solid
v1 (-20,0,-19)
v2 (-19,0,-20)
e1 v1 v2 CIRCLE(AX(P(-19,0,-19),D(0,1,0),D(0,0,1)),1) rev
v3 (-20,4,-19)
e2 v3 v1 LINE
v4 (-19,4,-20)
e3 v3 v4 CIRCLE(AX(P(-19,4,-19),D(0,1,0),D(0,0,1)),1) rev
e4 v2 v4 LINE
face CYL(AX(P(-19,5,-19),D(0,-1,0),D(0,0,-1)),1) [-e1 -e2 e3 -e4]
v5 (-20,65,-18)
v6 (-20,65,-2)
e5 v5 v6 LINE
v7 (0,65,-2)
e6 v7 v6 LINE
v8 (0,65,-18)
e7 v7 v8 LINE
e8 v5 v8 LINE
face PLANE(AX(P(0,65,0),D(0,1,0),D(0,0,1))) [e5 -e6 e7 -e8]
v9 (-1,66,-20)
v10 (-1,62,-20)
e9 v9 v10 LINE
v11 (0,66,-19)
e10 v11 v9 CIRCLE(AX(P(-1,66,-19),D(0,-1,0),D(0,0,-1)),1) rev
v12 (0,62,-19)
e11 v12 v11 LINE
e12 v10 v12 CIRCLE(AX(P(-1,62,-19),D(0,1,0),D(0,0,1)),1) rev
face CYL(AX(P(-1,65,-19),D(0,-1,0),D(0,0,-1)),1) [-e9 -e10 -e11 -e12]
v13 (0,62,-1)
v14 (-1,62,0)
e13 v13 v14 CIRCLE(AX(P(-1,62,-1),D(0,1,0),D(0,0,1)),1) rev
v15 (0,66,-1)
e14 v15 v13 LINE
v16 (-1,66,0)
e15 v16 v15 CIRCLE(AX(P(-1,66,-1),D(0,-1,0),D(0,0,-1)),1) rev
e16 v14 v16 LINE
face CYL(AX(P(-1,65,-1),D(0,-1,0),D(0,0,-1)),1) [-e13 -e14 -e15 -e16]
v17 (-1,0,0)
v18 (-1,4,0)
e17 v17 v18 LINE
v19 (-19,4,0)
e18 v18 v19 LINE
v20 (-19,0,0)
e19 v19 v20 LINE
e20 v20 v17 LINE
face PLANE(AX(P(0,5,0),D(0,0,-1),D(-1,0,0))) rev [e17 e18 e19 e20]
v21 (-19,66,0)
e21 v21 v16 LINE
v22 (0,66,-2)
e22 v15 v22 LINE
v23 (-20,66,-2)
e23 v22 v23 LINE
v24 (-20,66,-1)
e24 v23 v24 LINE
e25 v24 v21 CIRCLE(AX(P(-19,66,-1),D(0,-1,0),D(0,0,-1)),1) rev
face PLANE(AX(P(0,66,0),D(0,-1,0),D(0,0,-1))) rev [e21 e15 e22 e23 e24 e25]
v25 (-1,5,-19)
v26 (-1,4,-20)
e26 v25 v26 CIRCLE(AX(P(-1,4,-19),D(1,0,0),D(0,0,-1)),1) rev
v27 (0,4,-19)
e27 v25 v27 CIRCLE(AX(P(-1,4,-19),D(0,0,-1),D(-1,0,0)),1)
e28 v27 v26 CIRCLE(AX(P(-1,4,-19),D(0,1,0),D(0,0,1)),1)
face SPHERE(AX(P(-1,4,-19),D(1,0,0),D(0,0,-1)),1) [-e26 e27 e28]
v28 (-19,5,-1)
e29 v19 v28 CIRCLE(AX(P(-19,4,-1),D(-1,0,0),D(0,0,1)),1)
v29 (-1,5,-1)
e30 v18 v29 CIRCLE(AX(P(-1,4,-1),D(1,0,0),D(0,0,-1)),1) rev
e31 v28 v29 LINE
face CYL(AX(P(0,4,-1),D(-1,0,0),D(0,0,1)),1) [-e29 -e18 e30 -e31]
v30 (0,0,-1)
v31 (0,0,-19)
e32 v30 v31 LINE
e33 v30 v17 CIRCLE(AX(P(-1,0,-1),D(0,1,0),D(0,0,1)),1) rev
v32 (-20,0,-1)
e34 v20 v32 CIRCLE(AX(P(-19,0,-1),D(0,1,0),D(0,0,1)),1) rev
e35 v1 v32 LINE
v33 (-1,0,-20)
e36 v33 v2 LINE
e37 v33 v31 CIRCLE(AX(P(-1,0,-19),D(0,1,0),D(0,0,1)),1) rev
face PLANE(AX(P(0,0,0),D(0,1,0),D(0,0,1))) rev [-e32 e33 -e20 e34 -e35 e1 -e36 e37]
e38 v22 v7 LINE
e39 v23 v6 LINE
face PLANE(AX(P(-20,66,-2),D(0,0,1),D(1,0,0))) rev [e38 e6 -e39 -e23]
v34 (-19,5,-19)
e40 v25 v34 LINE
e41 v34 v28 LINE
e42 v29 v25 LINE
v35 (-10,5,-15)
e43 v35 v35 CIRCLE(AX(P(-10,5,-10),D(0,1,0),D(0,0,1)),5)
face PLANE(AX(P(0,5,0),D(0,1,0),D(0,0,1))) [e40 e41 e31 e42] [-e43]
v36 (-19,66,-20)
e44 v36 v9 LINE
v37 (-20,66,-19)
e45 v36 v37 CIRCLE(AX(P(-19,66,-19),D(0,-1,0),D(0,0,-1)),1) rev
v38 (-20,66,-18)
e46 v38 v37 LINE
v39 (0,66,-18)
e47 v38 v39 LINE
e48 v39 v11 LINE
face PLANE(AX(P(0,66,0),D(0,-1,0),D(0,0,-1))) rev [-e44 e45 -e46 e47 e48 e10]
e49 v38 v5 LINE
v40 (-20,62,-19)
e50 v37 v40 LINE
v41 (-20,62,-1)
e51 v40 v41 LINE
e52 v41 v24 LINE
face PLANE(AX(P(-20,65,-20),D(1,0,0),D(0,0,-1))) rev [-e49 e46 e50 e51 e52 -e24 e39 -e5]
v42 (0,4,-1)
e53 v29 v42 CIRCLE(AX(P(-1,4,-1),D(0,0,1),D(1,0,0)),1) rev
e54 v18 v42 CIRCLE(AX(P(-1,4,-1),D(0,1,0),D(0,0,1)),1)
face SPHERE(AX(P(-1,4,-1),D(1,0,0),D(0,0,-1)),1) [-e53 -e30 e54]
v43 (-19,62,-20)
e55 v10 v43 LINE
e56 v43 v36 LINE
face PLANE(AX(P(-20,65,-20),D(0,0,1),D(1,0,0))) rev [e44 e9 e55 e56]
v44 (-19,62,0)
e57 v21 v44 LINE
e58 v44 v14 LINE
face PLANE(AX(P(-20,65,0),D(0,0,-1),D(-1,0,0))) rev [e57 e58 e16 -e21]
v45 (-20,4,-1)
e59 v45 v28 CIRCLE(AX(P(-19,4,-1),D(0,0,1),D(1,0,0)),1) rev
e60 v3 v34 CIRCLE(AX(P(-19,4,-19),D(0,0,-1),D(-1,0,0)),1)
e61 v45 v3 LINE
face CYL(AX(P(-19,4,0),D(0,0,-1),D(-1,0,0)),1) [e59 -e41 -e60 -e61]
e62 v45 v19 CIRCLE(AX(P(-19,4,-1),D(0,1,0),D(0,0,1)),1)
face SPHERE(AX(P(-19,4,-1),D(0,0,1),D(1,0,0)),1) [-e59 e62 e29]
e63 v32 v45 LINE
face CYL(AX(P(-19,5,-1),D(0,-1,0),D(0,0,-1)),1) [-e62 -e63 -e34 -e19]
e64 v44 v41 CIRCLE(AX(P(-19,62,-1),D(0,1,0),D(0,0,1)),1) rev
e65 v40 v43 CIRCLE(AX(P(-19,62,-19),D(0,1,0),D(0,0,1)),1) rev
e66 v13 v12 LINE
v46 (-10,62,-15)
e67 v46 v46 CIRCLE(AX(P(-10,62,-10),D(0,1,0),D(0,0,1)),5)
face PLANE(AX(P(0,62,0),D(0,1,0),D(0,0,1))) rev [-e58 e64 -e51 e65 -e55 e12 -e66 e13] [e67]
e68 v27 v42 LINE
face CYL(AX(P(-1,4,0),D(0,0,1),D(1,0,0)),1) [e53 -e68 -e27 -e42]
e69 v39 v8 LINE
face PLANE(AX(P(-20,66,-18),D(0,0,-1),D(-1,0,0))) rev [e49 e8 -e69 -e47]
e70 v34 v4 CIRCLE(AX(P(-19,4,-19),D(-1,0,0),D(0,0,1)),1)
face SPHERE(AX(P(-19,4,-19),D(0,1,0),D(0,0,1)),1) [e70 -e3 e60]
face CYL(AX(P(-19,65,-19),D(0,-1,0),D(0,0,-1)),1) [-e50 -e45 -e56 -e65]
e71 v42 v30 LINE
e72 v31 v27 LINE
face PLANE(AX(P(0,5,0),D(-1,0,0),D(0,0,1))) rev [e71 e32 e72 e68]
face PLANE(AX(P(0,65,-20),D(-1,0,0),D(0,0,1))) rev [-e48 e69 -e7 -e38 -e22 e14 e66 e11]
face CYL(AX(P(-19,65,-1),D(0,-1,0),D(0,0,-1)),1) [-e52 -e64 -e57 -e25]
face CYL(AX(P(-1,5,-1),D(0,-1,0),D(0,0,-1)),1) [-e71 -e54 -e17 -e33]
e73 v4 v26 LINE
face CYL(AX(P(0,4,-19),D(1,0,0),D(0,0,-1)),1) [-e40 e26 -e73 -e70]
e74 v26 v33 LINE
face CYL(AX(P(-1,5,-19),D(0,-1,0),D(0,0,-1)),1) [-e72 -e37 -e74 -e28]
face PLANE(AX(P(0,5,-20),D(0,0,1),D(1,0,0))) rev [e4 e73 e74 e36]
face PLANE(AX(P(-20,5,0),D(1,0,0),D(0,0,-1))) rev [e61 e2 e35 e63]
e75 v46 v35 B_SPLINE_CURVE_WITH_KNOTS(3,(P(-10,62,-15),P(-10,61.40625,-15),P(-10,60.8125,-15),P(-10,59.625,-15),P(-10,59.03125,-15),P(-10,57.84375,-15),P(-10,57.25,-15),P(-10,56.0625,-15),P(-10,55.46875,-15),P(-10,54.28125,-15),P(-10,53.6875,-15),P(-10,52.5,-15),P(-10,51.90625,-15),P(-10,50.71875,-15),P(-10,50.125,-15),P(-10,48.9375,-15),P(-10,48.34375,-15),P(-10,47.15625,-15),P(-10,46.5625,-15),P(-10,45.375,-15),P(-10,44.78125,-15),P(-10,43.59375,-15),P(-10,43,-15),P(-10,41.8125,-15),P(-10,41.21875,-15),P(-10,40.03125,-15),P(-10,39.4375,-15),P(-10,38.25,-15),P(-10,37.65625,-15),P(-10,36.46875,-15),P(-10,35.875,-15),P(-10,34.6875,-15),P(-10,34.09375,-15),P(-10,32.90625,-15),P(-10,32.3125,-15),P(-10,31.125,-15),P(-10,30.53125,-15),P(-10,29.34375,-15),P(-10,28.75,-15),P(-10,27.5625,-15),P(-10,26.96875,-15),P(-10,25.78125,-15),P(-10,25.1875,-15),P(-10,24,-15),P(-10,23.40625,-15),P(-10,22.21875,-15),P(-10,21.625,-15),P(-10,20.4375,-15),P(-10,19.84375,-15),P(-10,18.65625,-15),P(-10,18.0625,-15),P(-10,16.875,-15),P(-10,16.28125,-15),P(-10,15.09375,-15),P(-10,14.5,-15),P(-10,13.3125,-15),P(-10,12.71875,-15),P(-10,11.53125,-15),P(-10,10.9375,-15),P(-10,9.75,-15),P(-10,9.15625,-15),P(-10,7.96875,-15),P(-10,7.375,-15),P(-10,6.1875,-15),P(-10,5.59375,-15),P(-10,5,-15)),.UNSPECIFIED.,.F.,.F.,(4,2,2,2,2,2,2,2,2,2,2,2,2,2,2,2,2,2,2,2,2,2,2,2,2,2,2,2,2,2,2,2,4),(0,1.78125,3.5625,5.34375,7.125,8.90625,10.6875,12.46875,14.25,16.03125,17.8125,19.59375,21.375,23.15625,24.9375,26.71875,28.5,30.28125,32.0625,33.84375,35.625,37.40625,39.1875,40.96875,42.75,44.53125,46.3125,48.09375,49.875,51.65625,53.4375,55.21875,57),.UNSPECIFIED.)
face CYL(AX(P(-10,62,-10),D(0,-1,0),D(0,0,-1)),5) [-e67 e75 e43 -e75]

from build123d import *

# Parameters (mm, degrees)
SKETCH_1_W      = 20
SKETCH_1_H      = 20
EXTRUDE_1_DEPTH = 5
SKETCH_2_R      = 5
EXTRUDE_2_DEPTH = 57
SKETCH_4_W      = 20
SKETCH_4_H      = 20
EXTRUDE_3_DEPTH = 3
SKETCH_5_W      = 20
SKETCH_5_H      = 2
EXTRUDE_4_DEPTH = 1
SKETCH_6_W      = 20
SKETCH_6_H      = 2
EXTRUDE_5_DEPTH = 1
FILLET_1_R      = 1
FILLET_2_R      = 1
FILLET_3_R      = 1


with BuildPart() as part:
    # 草图1 → 凸台-拉伸1 (new body)
    with BuildSketch(Plane(origin=(0, 0, 0), x_dir=(1, 0, 0), z_dir=(0, 1, 0))):
        with Locations((-10, 10)):
            Rectangle(SKETCH_1_W, SKETCH_1_H)
    extrude(amount=EXTRUDE_1_DEPTH)

    # 草图2 → 凸台-拉伸2 (add)
    with BuildSketch(Plane(origin=(0, 5, 0), x_dir=(1, 0, 0), z_dir=(0, 1, 0))):
        with Locations(Location((-10, 10, 0), (0, 0, 90))):
            Circle(SKETCH_2_R)
    extrude(amount=EXTRUDE_2_DEPTH)

    # 草图4 → 凸台-拉伸3 (add)
    with BuildSketch(Plane(origin=(0, 62, 0), x_dir=(1, 0, 0), z_dir=(0, 1, 0))):
        with Locations((-10, 10)):
            Rectangle(SKETCH_4_W, SKETCH_4_H)
    extrude(amount=EXTRUDE_3_DEPTH)

    # 草图5 → 凸台-拉伸4 (add)
    with BuildSketch(Plane(origin=(0, 65, 0), x_dir=(1, 0, 0), z_dir=(0, 1, 0))):
        with Locations((-10, 19)):
            Rectangle(SKETCH_5_W, SKETCH_5_H)
    extrude(amount=EXTRUDE_4_DEPTH)

    # 草图6 → 凸台-拉伸5 (add)
    with BuildSketch(Plane(origin=(0, 65, 0), x_dir=(1, 0, 0), z_dir=(0, 1, 0))):
        with Locations((-10, 1)):
            Rectangle(SKETCH_6_W, SKETCH_6_H)
    extrude(amount=EXTRUDE_5_DEPTH)

    # 圆角1
    fillet_1_edges = [part.edges().sort_by_distance(p)[0] for p in [
        (0, 64, 0),
    ]]
    fillet(fillet_1_edges, radius=FILLET_1_R)

    # 圆角2
    fillet_2_edges = [part.edges().sort_by_distance(p)[0] for p in [
        (-20, 64, -20),
        (-20, 64, 0),
        (0, 64, -20),
    ]]
    fillet(fillet_2_edges, radius=FILLET_2_R)

    # 圆角3
    fillet_3_edges = [part.edges().sort_by_distance(p)[0] for p in [
        (-20, 5, -10),
        (-10, 5, 0),
        (0, 5, -10),
        (0, 2.5, 0),
        (-20, 2.5, 0),
        (-20, 2.5, -20),
        (0, 2.5, -20),
        (-10, 5, -20),
    ]]
    fillet(fillet_3_edges, radius=FILLET_3_R)


solid = part.part
